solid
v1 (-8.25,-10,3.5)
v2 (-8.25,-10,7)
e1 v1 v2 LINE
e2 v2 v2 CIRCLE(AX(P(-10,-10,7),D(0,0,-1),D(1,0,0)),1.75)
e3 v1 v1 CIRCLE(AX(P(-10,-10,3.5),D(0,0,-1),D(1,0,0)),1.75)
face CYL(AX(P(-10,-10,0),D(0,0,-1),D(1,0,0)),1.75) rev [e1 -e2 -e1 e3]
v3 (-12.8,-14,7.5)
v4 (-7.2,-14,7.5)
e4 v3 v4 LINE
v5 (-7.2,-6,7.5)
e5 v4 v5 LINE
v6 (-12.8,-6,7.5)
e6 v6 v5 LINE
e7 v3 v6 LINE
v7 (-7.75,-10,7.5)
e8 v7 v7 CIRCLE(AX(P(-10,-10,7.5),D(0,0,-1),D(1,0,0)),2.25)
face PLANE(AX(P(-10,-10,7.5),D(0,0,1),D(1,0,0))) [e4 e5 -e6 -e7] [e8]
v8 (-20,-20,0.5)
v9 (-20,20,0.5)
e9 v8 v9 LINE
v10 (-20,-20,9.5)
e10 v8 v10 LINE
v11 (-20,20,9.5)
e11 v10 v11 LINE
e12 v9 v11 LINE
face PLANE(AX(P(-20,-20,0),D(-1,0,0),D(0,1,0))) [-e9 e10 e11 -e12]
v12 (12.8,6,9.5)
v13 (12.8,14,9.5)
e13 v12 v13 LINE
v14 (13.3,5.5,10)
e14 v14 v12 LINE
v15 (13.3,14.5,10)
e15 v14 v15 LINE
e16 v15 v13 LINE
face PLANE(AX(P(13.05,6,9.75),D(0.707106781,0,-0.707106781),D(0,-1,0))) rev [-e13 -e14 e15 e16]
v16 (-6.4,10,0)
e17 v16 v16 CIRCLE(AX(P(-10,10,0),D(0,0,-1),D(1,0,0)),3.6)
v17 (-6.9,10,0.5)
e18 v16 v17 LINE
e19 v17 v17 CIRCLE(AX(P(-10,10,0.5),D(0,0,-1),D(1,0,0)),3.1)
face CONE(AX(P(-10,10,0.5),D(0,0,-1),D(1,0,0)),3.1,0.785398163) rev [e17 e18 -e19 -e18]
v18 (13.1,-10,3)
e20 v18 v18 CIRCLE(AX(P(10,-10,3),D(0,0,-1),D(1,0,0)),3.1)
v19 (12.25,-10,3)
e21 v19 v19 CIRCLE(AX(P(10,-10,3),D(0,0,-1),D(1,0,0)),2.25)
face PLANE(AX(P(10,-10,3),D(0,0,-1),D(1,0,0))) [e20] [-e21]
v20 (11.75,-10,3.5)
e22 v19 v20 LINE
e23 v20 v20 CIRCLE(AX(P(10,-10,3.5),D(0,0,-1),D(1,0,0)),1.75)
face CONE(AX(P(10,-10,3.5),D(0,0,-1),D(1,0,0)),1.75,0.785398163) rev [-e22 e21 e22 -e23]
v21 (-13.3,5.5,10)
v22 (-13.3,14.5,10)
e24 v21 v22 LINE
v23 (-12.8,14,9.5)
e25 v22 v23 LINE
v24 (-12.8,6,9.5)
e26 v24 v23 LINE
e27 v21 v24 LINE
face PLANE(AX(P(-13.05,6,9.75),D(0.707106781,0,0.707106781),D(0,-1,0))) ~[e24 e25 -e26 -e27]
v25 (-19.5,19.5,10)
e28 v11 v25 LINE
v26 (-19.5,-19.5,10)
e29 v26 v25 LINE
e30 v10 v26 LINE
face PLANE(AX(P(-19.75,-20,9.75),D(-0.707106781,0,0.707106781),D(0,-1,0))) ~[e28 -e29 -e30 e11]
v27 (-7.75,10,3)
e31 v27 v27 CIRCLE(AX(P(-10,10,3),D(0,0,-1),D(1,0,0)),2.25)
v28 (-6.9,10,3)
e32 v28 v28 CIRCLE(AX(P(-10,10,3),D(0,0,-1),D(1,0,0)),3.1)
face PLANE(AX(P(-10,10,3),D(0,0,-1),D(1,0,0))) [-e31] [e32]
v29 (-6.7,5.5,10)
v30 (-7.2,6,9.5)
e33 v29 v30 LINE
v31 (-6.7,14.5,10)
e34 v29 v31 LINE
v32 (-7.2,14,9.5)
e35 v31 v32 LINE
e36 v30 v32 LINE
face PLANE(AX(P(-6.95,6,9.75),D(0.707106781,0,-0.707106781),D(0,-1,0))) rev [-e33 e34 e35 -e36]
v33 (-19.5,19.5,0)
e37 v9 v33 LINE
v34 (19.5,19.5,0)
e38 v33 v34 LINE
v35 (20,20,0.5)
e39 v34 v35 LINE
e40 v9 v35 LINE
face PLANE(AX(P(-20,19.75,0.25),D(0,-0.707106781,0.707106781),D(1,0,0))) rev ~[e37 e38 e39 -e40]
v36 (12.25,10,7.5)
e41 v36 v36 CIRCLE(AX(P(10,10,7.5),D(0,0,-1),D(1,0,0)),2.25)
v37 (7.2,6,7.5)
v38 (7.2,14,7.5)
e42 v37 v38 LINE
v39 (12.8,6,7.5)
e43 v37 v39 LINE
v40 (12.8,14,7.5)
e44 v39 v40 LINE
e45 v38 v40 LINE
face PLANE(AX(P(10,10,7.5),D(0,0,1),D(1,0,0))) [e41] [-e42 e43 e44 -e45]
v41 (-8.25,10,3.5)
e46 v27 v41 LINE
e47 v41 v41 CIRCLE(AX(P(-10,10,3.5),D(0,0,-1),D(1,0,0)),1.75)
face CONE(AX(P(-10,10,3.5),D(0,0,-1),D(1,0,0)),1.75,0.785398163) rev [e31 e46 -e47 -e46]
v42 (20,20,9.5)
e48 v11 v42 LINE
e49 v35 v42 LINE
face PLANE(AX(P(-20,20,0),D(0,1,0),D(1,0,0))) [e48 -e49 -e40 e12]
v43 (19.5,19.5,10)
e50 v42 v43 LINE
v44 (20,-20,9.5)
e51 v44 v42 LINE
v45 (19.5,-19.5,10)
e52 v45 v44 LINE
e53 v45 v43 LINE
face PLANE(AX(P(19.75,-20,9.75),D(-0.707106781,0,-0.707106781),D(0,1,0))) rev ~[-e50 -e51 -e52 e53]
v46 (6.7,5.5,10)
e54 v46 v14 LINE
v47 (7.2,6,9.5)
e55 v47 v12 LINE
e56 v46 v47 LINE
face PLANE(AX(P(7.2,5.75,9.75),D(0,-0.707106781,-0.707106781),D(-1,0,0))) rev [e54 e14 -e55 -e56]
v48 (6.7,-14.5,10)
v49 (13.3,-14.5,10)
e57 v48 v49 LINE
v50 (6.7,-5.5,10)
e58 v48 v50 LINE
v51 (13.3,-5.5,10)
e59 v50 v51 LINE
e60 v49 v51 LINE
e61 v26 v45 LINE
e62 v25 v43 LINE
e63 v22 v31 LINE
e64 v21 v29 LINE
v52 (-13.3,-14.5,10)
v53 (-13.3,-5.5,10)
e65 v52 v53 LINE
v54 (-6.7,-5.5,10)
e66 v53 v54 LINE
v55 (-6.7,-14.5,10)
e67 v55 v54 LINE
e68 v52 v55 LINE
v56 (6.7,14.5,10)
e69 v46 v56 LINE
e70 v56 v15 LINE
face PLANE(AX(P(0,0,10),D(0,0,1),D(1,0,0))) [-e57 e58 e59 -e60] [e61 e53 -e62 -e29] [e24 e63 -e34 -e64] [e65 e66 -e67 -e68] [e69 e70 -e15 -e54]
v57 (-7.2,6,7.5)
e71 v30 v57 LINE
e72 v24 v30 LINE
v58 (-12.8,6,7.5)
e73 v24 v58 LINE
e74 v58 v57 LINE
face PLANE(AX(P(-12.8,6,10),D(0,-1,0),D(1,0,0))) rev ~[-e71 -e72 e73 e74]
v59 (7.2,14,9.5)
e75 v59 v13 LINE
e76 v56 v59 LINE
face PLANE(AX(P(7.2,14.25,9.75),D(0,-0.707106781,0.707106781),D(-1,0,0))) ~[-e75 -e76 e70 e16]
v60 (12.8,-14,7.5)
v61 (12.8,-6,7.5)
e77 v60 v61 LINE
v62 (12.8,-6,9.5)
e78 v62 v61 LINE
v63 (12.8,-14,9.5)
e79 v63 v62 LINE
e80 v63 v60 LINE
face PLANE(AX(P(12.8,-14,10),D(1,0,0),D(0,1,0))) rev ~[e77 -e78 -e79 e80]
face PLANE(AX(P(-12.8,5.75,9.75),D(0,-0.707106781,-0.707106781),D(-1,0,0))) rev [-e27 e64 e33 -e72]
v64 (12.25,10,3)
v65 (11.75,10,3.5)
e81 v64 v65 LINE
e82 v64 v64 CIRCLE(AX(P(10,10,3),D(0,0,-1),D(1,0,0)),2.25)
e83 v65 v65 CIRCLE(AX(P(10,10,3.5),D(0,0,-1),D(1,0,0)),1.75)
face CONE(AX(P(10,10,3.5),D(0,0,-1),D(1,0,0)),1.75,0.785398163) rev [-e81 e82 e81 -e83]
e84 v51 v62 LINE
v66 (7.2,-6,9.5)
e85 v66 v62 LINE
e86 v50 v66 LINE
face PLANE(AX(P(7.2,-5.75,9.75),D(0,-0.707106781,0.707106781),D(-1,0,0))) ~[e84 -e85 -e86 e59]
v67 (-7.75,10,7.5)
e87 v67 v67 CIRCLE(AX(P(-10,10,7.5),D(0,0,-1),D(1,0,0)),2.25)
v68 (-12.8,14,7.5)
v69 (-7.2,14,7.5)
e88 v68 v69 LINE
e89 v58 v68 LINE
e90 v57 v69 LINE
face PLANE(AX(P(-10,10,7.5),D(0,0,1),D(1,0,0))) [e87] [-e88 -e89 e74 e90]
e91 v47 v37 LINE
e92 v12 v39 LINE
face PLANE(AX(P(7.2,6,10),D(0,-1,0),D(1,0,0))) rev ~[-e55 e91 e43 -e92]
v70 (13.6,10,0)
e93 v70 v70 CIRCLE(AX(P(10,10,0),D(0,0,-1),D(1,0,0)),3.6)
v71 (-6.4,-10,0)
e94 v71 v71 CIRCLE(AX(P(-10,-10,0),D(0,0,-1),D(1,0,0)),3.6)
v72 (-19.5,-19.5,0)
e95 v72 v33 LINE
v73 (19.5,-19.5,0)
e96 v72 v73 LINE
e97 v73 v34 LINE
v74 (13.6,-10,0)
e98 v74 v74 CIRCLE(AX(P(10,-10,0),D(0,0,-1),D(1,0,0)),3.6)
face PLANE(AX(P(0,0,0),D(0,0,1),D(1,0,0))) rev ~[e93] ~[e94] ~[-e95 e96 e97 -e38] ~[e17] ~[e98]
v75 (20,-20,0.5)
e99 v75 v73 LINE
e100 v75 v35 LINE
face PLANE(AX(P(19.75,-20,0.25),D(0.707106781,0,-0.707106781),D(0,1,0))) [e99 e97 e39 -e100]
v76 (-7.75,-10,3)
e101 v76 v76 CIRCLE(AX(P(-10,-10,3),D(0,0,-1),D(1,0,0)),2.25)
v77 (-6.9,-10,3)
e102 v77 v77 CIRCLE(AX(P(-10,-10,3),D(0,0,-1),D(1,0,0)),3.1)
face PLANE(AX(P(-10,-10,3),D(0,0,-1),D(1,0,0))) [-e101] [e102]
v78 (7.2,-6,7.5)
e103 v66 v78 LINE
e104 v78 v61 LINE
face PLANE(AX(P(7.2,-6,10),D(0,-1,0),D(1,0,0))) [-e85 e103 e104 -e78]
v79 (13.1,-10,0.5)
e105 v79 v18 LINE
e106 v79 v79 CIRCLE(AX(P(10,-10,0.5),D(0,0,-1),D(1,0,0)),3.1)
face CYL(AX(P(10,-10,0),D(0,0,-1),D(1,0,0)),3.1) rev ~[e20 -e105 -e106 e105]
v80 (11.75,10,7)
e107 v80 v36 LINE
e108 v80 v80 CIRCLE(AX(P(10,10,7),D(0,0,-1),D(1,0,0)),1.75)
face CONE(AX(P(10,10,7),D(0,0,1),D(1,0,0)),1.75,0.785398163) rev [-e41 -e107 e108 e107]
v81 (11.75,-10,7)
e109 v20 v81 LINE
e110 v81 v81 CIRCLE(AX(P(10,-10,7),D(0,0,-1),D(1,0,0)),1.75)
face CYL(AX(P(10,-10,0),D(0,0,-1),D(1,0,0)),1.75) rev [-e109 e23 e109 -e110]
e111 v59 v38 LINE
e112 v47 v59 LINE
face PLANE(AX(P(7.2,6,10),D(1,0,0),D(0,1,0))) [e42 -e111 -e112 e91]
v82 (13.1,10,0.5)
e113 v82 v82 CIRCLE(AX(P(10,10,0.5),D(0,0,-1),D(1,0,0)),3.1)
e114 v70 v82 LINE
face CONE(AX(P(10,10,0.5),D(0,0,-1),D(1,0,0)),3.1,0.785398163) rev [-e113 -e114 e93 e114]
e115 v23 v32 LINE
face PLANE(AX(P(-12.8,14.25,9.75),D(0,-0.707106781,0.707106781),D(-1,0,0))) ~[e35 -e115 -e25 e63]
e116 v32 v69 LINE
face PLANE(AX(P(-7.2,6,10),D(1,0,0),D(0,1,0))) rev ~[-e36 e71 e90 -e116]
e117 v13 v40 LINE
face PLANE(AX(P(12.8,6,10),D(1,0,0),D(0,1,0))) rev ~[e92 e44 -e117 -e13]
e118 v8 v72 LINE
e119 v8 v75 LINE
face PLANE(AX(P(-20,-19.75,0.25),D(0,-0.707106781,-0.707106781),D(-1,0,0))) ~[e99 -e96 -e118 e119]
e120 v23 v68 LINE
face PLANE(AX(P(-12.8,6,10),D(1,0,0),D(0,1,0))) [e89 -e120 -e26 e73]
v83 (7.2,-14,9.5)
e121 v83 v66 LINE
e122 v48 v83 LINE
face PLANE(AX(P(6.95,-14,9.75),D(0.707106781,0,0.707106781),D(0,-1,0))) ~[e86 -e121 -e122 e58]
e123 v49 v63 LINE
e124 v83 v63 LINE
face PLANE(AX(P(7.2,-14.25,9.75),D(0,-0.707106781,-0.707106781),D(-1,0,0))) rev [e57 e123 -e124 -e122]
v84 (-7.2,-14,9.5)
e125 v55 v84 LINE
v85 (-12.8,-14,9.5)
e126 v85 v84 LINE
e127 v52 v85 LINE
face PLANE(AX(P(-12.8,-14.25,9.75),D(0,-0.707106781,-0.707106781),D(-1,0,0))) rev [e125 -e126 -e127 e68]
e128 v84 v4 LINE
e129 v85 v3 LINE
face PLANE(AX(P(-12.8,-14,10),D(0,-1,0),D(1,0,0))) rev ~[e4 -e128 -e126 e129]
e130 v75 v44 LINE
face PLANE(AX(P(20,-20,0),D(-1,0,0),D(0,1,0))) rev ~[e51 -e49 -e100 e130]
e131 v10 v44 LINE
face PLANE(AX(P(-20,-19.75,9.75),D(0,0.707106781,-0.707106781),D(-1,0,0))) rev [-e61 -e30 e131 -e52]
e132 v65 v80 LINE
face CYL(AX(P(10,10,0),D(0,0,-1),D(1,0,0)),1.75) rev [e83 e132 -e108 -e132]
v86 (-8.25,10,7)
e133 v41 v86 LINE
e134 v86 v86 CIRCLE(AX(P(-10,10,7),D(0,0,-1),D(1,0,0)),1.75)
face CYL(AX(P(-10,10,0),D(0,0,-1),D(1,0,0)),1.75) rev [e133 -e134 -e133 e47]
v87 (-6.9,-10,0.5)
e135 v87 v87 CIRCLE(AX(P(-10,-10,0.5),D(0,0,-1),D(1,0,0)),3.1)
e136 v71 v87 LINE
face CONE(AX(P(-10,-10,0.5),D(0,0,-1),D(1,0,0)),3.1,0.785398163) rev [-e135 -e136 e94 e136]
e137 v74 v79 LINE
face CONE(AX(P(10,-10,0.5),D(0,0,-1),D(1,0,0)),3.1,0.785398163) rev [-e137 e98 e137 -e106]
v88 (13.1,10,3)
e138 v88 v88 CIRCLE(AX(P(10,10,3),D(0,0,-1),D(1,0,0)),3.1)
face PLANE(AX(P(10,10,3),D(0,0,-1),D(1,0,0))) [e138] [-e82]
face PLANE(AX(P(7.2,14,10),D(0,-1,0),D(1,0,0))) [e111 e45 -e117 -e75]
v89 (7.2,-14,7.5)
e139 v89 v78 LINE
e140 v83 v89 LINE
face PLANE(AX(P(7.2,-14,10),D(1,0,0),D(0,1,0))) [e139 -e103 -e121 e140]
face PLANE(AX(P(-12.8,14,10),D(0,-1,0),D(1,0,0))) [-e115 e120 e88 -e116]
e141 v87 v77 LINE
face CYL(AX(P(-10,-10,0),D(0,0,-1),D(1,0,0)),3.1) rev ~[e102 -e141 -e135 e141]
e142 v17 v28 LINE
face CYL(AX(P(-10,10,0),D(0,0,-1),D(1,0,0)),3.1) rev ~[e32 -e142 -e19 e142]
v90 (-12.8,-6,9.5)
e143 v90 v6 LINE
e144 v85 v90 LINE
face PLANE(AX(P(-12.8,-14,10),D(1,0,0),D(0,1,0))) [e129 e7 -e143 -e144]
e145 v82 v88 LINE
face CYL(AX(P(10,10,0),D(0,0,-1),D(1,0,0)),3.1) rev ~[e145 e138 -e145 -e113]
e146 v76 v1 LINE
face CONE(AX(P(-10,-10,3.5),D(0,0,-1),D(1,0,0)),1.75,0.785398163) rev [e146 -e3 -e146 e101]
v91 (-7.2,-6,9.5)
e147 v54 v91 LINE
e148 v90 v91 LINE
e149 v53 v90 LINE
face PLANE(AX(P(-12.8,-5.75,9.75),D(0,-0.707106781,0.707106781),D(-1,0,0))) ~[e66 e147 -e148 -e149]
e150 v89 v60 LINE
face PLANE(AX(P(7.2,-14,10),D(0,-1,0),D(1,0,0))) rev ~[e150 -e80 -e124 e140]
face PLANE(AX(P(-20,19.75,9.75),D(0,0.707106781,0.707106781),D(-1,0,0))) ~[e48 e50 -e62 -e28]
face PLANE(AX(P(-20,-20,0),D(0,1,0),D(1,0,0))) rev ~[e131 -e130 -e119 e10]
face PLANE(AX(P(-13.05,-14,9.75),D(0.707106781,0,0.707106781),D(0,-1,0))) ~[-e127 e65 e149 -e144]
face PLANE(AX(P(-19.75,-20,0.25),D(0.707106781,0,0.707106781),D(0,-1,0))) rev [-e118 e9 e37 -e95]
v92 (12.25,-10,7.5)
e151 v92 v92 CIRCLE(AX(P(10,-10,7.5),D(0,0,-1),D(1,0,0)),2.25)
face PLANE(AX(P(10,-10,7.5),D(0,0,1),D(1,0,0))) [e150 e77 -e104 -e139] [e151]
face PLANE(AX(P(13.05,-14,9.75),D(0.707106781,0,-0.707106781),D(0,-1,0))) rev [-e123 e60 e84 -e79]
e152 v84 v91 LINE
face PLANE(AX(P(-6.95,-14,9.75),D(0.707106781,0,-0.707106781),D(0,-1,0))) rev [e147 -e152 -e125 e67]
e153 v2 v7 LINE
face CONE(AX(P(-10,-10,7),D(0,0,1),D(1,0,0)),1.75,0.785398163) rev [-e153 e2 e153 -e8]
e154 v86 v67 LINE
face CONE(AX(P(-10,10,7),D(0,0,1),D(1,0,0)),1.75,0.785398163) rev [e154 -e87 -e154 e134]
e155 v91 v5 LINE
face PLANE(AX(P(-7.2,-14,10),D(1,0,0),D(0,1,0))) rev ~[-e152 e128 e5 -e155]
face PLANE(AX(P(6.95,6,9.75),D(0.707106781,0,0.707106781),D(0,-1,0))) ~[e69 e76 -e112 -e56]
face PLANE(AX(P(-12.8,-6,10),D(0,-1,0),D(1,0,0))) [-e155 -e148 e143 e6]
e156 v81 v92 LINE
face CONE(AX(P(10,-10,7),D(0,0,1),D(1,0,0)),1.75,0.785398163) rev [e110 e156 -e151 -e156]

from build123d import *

# Parameters (mm, degrees)
F0_W     = 40
F0_H     = 40
F0_R     = 1.75
F1_DEPTH = 10
F2_R     = 3.1
F3_DEPTH = 3
F4_W     = 5.6
F4_H     = 8
F5_DEPTH = 2.5
F6_SIZE  = 0.5
F7_SIZE  = 0.5


with BuildPart() as f1:
    # F0 (on Top) → F1 (new body)
    with BuildSketch(Plane.XY):
        Rectangle(F0_W, F0_H)
        with Locations((-10, -10)):
            Circle(F0_R, mode=Mode.SUBTRACT)
        with Locations((10, -10)):
            Circle(F0_R, mode=Mode.SUBTRACT)
        with Locations((-10, 10)):
            Circle(F0_R, mode=Mode.SUBTRACT)
        with Locations((10, 10)):
            Circle(F0_R, mode=Mode.SUBTRACT)
    extrude(amount=F1_DEPTH)

    # F2 (on face) → F3 (cut)
    with BuildSketch(Plane(origin=(0, 0, 0), x_dir=(1, 0, 0), z_dir=(0, 0, -1))):
        with Locations((10, 10)):
            Circle(F2_R)
        with Locations((10, -10)):
            Circle(F2_R)
        with Locations((-10, -10)):
            Circle(F2_R)
        with Locations((-10, 10)):
            Circle(F2_R)
    extrude(amount=-F3_DEPTH, mode=Mode.SUBTRACT)

    # F4 (on face) → F5 (cut)
    with BuildSketch(Plane.XY.offset(10)):
        with Locations((-10, 10)):
            Rectangle(F4_W, F4_H)
        with Locations((10, 10)):
            Rectangle(F4_W, F4_H)
        with Locations((10, -10)):
            Rectangle(F4_W, F4_H)
        with Locations((-10, -10)):
            Rectangle(F4_W, F4_H)
    extrude(amount=-F5_DEPTH, mode=Mode.SUBTRACT)

    # F6
    f6_edges = [f1.edges().sort_by_distance(p)[0] for p in [
        (-20, 0, 10),
        (0, 20, 10),
        (20, 0, 10),
        (0, -20, 10),
        (12.8, -10, 10),
        (10, -14, 10),
        (7.2, -10, 10),
        (10, -6, 10),
        (-7.2, -10, 10),
        (-12.8, -10, 10),
        (-10, -6, 10),
        (-10, -14, 10),
        (-10, 14, 10),
        (-12.8, 10, 10),
        (-10, 6, 10),
        (-7.2, 10, 10),
        (12.8, 10, 10),
        (10, 14, 10),
        (7.2, 10, 10),
        (10, 6, 10),
    ]]
    chamfer(f6_edges, length=F6_SIZE)

    # F7
    f7_edges = [f1.edges().sort_by_distance(p)[0] for p in [
        (6.9, -10, 0),
        (-13.1, -10, 0),
        (6.9, 10, 0),
        (-13.1, 10, 0),
        (8.25, -10, 3),
        (-11.75, -10, 3),
        (8.25, 10, 3),
        (-11.75, 10, 3),
        (-20, 0, 0),
        (0, 20, 0),
        (0, -20, 0),
        (20, 0, 0),
        (8.25, 10, 7.5),
        (8.25, -10, 7.5),
        (-11.75, 10, 7.5),
        (-11.75, -10, 7.5),
    ]]
    chamfer(f7_edges, length=F7_SIZE)


solid = f1.part
